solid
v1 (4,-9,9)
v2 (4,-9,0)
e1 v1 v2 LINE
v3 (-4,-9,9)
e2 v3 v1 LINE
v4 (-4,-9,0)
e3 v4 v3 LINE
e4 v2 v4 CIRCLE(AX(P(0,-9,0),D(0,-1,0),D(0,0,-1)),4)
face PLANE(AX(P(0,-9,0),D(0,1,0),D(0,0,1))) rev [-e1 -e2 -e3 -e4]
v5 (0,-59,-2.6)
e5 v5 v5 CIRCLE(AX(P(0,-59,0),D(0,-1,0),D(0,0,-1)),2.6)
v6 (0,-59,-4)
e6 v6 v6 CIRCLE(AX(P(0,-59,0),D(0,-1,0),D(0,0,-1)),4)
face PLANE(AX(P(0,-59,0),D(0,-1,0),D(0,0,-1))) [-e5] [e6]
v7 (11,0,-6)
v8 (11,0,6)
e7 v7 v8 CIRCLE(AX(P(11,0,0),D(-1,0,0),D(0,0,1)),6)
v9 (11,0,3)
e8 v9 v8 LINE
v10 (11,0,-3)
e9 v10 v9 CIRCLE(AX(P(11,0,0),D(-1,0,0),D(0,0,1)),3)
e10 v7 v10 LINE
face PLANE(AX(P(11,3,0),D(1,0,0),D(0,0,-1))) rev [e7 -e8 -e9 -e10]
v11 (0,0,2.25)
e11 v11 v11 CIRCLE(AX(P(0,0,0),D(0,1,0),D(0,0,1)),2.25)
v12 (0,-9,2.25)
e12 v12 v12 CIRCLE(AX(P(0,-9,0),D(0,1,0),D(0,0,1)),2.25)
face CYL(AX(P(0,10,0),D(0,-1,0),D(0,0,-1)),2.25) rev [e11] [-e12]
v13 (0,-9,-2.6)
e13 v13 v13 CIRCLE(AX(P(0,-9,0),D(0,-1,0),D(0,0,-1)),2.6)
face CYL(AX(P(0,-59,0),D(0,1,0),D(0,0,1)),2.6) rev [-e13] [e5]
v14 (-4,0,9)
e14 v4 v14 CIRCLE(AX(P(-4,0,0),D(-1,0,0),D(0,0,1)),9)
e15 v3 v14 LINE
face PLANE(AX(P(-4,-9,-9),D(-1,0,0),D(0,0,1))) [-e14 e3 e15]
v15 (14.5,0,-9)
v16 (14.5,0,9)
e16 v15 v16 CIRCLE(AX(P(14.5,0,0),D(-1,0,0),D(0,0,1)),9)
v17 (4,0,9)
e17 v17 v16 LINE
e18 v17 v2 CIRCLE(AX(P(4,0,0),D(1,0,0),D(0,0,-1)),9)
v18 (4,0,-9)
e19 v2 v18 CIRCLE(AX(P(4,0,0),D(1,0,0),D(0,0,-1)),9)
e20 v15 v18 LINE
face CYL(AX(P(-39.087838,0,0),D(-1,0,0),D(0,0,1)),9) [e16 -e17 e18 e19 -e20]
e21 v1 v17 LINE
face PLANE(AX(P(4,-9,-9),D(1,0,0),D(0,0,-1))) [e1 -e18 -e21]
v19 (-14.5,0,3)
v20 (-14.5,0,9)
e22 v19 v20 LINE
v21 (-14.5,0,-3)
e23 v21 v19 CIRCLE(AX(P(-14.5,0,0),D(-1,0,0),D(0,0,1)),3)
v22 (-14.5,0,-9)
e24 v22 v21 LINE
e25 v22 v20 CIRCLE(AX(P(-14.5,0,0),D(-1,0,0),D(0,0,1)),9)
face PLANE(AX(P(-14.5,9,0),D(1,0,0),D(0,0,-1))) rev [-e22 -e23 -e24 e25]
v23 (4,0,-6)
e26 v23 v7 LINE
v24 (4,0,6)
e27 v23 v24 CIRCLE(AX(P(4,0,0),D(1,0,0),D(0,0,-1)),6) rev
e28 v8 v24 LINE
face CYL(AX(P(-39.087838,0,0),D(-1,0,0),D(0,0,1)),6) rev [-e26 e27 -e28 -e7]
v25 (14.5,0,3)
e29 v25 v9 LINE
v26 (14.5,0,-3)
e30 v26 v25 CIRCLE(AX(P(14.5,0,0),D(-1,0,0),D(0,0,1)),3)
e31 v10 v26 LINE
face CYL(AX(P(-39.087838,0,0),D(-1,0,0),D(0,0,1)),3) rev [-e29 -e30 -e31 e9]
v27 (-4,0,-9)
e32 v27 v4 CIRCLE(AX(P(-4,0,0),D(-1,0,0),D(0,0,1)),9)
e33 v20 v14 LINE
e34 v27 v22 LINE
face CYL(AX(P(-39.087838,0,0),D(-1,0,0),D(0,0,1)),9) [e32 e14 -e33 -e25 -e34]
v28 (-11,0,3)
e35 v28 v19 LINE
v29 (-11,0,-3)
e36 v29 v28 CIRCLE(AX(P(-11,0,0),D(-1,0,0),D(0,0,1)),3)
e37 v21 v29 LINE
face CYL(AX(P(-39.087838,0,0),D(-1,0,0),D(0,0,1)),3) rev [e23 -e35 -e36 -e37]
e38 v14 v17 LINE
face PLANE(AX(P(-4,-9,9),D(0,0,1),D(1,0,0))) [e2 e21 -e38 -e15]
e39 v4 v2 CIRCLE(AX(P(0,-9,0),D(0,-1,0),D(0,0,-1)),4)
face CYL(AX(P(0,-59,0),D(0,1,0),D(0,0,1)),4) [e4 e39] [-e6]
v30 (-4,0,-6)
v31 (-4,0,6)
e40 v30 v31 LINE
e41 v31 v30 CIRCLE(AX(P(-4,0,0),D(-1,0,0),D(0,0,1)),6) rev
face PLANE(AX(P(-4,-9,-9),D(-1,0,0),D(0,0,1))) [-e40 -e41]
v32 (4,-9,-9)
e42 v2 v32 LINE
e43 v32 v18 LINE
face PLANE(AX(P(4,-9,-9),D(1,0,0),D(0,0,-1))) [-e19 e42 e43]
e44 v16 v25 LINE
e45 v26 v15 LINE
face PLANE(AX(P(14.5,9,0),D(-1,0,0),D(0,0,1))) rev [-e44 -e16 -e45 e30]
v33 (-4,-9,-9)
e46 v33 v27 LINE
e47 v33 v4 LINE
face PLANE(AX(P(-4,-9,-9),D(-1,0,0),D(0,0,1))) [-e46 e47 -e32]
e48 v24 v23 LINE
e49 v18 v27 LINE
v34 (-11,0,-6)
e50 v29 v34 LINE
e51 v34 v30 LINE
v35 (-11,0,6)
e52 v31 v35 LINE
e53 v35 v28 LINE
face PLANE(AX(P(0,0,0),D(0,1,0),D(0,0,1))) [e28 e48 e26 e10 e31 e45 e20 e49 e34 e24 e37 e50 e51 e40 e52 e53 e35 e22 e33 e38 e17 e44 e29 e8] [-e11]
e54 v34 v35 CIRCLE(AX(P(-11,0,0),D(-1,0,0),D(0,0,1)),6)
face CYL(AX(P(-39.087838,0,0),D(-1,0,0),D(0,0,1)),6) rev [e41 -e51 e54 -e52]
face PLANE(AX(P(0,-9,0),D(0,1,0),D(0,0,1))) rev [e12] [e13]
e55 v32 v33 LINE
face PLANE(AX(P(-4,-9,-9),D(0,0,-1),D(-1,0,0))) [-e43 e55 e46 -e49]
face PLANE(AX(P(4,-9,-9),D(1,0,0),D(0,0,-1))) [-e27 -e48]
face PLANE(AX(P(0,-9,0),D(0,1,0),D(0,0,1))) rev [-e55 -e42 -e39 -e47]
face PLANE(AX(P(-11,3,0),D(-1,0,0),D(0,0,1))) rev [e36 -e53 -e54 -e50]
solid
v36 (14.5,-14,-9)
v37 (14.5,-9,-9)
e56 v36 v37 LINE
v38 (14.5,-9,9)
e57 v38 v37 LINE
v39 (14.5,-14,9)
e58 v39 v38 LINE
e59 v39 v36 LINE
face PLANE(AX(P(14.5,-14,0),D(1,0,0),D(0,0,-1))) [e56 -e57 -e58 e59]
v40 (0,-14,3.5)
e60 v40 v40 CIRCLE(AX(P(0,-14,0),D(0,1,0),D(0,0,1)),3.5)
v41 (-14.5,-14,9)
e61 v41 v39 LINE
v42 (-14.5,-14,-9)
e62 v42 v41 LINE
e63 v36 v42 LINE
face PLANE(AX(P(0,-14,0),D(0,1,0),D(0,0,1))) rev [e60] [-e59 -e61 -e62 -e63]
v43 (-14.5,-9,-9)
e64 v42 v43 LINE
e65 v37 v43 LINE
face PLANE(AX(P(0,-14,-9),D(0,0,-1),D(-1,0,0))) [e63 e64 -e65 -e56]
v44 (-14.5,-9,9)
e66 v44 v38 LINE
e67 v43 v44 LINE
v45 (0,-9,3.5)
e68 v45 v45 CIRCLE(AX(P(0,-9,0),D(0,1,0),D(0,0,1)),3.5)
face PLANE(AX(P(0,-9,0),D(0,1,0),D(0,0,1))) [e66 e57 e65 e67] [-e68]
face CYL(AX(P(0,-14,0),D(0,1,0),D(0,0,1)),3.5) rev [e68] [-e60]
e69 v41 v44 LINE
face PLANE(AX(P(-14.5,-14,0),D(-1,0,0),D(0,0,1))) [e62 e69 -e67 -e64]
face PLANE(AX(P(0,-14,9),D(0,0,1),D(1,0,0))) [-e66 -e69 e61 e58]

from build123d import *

# Parameters (mm, degrees)
CUT_EXTRUDE1_DEPTH      = 10
CUT_EXTRUDE1_DEPTH_BACK = 10
SKETCH4_R               = 2.25
SKETCH4_5_W             = 8
SKETCH4_5_H             = 18
SKETCH4_5_R             = 2.25
BOSS_EXTRUDE1_DEPTH     = 9
CUT_EXTRUDE2_DEPTH      = 32.670175393
CUT_EXTRUDE2_DEPTH_BACK = 32.670175393
SKETCH6_R               = 4
SKETCH6_R_2             = 2.6
BOSS_EXTRUDE2_DEPTH     = 50
BOSS_EXTRUDE4_START     = -9
SKETCH7_W               = 29
SKETCH7_H               = 18
SKETCH7_R               = 3.5
BOSS_EXTRUDE4_DEPTH     = 5


with BuildPart() as part:
    # Sketch1 → Revolve1 (revolve)
    with BuildSketch(Plane.XY, mode=Mode.PRIVATE) as revolve1_sk:
        Polygon((-14.5, 9), (14.5, 9), (14.5, 3), (11, 3), (11, 6), (-11, 6), (-11, 3), (-14.5, 3), align=None)
    revolve(revolve1_sk.sketch.rotate(Axis((-39.087837838, 0, 0), (1, 0, 0)), 90), axis=Axis((-39.087837838, 0, 0), (1, 0, 0)))

    # Sketch4 → Cut-Extrude1 (cut, two sides: drawn at the far end of the back side and taken through both)
    with BuildSketch(Plane(origin=(0, 0, 0), x_dir=(1, 0, 0), z_dir=(0, 1, 0)).offset(-CUT_EXTRUDE1_DEPTH_BACK)):
        with Locations(Location((0, 0, 0), (0, 0, 90))):
            Circle(SKETCH4_R)
    extrude(amount=CUT_EXTRUDE1_DEPTH + CUT_EXTRUDE1_DEPTH_BACK, mode=Mode.SUBTRACT)

    # Sketch4<5> → Boss-Extrude1 (add, through all)
    with BuildSketch(Plane(origin=(0, 0, 0), x_dir=(1, 0, 0), z_dir=(0, 1, 0))):
        Rectangle(SKETCH4_5_W, SKETCH4_5_H)
        with Locations(Location((0, 0, 0), (0, 0, 90))):
            Circle(SKETCH4_5_R, mode=Mode.SUBTRACT)
    extrude(amount=-BOSS_EXTRUDE1_DEPTH)

    # Sketch5 → Cut-Extrude2 (cut, two sides: drawn at the far end of the back side and taken through both)
    with BuildSketch(Plane.ZY.offset(14.5).offset(-CUT_EXTRUDE2_DEPTH_BACK)):
        Polygon((-61.985560785, 0), (-9.284472497, 0), (10.360933076, 0), (63.062021365, 0), (63.062021365, 105.402176578), (-61.985560785, 105.402176578), align=None)
    extrude(amount=CUT_EXTRUDE2_DEPTH + CUT_EXTRUDE2_DEPTH_BACK, mode=Mode.SUBTRACT)

    # Sketch6 → Boss-Extrude2 (add)
    with BuildSketch(Plane.XZ.offset(9)):
        with Locations(Location((0, 0, 0), (0, 0, 180))):
            Circle(SKETCH6_R)
        with Locations(Location((0, 0, 0), (0, 0, 270))):
            Circle(SKETCH6_R_2, mode=Mode.SUBTRACT)
    extrude(amount=BOSS_EXTRUDE2_DEPTH)


with BuildPart() as body_2:
    # Sketch7 → Boss-Extrude4 (new body)
    with BuildSketch(Plane(origin=(0, 0, 0), x_dir=(1, 0, 0), z_dir=(0, 1, 0)).offset(BOSS_EXTRUDE4_START)):
        Rectangle(SKETCH7_W, SKETCH7_H)
        with Locations(Location((0, 0, 0), (0, 0, 270))):
            Circle(SKETCH7_R, mode=Mode.SUBTRACT)
    extrude(amount=-BOSS_EXTRUDE4_DEPTH)


solid = Compound([part.part, body_2.part])
